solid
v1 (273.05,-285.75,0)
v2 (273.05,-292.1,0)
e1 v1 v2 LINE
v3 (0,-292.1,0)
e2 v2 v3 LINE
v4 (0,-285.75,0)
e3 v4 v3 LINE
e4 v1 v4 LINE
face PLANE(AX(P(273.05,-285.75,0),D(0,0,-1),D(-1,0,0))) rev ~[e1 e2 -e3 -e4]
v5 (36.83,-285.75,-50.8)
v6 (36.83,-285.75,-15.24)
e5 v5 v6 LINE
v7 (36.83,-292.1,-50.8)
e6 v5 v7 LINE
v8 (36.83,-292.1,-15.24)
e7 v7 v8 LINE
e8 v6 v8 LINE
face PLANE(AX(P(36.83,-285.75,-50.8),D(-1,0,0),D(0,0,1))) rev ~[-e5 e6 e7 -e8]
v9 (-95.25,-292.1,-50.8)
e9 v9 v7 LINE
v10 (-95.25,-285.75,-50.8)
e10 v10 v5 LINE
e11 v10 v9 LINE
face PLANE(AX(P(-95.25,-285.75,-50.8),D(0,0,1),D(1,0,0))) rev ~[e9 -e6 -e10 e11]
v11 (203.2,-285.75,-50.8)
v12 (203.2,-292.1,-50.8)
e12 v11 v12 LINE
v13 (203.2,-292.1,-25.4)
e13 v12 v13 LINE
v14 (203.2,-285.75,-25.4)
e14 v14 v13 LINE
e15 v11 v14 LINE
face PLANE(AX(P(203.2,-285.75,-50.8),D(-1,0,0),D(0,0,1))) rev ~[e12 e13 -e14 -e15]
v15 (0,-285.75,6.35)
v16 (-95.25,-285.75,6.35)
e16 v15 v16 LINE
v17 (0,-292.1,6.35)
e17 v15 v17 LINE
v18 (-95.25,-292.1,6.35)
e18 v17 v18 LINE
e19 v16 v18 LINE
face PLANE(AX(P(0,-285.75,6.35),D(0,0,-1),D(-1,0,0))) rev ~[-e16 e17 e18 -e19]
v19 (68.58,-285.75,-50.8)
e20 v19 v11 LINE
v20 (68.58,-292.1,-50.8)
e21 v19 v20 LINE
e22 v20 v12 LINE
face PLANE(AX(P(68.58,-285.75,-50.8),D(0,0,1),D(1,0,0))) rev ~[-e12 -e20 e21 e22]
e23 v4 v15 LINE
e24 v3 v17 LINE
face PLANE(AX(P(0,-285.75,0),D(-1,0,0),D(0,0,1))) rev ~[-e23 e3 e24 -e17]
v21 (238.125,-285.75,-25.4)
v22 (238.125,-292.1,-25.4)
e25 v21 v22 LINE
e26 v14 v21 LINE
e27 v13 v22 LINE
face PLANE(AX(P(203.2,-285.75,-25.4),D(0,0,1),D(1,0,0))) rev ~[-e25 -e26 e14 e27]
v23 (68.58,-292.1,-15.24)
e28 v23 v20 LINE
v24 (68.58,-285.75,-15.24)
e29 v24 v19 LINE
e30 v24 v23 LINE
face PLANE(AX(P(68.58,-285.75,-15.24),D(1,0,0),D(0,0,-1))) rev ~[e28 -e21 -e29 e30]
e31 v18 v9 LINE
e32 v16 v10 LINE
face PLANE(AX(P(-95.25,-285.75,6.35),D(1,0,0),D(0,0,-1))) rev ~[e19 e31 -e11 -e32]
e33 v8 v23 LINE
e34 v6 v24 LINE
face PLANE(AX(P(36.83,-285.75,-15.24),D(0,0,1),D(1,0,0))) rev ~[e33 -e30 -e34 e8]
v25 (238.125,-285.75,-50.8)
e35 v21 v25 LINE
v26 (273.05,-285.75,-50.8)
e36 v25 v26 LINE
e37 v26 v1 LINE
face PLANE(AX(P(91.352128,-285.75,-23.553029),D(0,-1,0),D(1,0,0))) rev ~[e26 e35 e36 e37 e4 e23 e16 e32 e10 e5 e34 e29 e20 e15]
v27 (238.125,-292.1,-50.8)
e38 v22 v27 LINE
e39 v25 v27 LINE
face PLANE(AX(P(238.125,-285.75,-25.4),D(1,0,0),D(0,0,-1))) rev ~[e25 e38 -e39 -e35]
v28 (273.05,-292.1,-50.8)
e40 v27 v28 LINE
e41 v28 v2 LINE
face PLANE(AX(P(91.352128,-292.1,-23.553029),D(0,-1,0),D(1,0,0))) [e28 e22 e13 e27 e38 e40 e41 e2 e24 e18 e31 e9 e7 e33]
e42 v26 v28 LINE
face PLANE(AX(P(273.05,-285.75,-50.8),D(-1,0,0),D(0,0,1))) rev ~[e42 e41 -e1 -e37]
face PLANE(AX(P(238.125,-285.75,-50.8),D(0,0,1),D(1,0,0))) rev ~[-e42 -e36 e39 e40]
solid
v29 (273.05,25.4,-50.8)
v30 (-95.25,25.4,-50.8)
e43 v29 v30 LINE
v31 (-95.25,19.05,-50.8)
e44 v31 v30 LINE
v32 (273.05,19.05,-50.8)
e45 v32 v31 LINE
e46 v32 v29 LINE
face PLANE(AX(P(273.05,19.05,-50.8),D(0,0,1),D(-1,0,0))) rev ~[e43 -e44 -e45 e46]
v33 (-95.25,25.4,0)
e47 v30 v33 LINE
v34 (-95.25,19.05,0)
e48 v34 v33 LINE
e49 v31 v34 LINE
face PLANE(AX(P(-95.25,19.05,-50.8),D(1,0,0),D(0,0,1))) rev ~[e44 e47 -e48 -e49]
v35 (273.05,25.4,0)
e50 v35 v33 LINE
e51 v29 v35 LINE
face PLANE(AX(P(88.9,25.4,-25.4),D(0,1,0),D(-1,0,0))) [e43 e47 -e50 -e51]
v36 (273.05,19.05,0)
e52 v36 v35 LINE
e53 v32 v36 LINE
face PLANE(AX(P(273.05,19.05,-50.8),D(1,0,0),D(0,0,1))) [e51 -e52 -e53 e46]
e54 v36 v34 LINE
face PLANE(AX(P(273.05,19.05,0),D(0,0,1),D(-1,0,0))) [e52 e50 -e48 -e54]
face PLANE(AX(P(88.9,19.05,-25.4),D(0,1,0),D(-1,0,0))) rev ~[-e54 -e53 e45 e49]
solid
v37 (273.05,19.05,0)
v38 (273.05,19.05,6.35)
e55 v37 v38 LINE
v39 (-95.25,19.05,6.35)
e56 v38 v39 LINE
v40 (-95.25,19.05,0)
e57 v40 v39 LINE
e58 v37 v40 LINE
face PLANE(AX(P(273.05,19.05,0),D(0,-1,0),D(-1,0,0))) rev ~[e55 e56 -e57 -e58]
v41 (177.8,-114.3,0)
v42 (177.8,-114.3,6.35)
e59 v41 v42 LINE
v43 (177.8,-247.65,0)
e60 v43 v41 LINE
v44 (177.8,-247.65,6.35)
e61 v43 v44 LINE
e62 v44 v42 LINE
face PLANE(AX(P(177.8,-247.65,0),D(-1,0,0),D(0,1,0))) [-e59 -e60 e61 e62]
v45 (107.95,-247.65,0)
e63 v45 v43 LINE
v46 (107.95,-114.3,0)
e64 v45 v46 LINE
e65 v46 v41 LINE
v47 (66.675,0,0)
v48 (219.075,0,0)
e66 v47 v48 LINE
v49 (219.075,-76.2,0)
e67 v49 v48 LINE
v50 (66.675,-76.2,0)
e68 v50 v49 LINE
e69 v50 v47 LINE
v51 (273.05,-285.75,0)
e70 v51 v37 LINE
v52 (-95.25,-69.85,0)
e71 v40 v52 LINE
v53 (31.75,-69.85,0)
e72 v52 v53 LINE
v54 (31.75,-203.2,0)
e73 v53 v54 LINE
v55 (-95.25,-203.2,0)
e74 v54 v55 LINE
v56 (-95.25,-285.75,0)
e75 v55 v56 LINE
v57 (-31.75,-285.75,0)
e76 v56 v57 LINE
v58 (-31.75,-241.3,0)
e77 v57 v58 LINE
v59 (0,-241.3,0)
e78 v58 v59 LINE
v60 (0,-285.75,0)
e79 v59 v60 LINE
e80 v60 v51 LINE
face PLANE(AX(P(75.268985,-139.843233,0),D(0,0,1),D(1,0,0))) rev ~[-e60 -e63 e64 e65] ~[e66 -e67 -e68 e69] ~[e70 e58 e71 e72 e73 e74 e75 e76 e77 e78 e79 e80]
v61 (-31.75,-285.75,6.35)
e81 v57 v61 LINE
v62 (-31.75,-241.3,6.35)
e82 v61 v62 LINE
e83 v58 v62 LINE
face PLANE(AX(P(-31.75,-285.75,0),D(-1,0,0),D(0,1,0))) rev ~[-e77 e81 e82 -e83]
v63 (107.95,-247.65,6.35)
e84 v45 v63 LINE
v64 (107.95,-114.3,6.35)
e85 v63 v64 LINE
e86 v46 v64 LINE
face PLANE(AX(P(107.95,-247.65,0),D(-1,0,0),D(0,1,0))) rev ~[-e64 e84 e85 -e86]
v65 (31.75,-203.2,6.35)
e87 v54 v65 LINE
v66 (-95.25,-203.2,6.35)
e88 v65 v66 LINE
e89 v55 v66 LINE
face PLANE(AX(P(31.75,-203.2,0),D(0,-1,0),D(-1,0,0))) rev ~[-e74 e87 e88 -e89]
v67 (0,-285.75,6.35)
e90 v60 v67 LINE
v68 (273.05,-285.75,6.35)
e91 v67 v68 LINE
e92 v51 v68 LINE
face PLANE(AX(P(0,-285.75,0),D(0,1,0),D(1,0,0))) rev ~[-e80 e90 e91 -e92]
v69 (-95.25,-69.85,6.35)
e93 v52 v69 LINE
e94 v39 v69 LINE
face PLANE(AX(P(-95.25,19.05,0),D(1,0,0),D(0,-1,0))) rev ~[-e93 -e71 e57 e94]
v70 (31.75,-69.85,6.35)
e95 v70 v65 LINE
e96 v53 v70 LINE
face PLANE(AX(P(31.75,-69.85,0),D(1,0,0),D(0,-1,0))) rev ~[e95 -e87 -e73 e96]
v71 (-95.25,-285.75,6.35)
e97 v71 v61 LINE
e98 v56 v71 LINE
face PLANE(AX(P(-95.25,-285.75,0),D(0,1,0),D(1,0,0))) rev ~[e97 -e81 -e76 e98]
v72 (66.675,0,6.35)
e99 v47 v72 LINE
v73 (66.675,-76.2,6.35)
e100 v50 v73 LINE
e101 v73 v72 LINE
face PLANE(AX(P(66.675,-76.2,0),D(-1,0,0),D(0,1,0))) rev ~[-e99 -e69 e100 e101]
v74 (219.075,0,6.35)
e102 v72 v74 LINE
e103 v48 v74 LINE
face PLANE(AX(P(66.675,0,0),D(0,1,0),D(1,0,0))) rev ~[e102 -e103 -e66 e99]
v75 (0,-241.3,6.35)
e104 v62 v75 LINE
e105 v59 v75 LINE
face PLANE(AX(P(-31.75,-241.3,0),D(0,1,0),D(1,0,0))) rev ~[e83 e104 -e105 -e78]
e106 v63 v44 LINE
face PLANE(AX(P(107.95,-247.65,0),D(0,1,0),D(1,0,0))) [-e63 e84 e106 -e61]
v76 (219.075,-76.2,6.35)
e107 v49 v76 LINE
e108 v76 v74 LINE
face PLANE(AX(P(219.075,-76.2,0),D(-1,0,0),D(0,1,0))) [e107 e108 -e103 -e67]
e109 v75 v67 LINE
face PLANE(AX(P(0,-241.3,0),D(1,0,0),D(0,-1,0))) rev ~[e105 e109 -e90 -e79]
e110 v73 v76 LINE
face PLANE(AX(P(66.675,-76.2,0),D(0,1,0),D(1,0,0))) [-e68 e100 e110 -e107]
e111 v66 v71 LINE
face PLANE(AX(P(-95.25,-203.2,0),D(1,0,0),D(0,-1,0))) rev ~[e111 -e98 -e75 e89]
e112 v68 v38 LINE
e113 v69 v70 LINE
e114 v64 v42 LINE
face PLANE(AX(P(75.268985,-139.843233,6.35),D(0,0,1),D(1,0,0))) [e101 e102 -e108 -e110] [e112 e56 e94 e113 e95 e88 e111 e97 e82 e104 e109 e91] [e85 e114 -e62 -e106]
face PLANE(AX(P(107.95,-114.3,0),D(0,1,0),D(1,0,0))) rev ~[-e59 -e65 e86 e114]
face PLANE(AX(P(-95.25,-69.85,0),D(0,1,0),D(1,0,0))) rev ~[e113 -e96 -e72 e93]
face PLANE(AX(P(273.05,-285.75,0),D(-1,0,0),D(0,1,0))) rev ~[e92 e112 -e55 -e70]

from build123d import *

# Parameters (mm, degrees)
F0_W     = 69.85
F0_H     = 133.35
F0_W_2   = 152.4
F0_H_2   = 76.2
F1_DEPTH = 6.35
F2_W     = 368.3
F2_H     = 50.8
F3_DEPTH = 6.35
F5_DEPTH = 6.35


with BuildPart() as f1:
    # F0 (on Top) → F1 (new body)
    with BuildSketch(Plane.XY):
        Polygon((273.05, 19.05), (-95.25, 19.05), (-95.25, -69.85), (31.75, -69.85), (31.75, -203.2), (-95.25, -203.2), (-95.25, -285.75), (-31.75, -285.75), (-31.75, -241.3), (0, -241.3), (0, -285.75), (273.05, -285.75), align=None)
        with Locations((142.875, -180.975)):
            Rectangle(F0_W, F0_H, mode=Mode.SUBTRACT)
        with Locations((142.875, -38.1)):
            Rectangle(F0_W_2, F0_H_2, mode=Mode.SUBTRACT)
    extrude(amount=F1_DEPTH)


with BuildPart() as f3:
    # F2 (on face) → F3 (new body)
    with BuildSketch(Plane(origin=(0, 19.05, 0), x_dir=(-1, 0, 0), z_dir=(0, 1, 0))):
        with Locations((-88.9, -25.4)):
            Rectangle(F2_W, F2_H)
    extrude(amount=F3_DEPTH)


with BuildPart() as f5:
    # F4 (on face) → F5 (new body)
    with BuildSketch(Plane.XZ.offset(285.75)):
        Polygon((0, 0), (0, 6.35), (-95.25, 6.35), (-95.25, -50.8), (36.83, -50.8), (36.83, -15.24), (68.58, -15.24), (68.58, -50.8), (203.2, -50.8), (203.2, -25.4), (238.125, -25.4), (238.125, -50.8), (273.05, -50.8), (273.05, 0), align=None)
    extrude(amount=F5_DEPTH)


solid = Compound([f1.part, f3.part, f5.part])
